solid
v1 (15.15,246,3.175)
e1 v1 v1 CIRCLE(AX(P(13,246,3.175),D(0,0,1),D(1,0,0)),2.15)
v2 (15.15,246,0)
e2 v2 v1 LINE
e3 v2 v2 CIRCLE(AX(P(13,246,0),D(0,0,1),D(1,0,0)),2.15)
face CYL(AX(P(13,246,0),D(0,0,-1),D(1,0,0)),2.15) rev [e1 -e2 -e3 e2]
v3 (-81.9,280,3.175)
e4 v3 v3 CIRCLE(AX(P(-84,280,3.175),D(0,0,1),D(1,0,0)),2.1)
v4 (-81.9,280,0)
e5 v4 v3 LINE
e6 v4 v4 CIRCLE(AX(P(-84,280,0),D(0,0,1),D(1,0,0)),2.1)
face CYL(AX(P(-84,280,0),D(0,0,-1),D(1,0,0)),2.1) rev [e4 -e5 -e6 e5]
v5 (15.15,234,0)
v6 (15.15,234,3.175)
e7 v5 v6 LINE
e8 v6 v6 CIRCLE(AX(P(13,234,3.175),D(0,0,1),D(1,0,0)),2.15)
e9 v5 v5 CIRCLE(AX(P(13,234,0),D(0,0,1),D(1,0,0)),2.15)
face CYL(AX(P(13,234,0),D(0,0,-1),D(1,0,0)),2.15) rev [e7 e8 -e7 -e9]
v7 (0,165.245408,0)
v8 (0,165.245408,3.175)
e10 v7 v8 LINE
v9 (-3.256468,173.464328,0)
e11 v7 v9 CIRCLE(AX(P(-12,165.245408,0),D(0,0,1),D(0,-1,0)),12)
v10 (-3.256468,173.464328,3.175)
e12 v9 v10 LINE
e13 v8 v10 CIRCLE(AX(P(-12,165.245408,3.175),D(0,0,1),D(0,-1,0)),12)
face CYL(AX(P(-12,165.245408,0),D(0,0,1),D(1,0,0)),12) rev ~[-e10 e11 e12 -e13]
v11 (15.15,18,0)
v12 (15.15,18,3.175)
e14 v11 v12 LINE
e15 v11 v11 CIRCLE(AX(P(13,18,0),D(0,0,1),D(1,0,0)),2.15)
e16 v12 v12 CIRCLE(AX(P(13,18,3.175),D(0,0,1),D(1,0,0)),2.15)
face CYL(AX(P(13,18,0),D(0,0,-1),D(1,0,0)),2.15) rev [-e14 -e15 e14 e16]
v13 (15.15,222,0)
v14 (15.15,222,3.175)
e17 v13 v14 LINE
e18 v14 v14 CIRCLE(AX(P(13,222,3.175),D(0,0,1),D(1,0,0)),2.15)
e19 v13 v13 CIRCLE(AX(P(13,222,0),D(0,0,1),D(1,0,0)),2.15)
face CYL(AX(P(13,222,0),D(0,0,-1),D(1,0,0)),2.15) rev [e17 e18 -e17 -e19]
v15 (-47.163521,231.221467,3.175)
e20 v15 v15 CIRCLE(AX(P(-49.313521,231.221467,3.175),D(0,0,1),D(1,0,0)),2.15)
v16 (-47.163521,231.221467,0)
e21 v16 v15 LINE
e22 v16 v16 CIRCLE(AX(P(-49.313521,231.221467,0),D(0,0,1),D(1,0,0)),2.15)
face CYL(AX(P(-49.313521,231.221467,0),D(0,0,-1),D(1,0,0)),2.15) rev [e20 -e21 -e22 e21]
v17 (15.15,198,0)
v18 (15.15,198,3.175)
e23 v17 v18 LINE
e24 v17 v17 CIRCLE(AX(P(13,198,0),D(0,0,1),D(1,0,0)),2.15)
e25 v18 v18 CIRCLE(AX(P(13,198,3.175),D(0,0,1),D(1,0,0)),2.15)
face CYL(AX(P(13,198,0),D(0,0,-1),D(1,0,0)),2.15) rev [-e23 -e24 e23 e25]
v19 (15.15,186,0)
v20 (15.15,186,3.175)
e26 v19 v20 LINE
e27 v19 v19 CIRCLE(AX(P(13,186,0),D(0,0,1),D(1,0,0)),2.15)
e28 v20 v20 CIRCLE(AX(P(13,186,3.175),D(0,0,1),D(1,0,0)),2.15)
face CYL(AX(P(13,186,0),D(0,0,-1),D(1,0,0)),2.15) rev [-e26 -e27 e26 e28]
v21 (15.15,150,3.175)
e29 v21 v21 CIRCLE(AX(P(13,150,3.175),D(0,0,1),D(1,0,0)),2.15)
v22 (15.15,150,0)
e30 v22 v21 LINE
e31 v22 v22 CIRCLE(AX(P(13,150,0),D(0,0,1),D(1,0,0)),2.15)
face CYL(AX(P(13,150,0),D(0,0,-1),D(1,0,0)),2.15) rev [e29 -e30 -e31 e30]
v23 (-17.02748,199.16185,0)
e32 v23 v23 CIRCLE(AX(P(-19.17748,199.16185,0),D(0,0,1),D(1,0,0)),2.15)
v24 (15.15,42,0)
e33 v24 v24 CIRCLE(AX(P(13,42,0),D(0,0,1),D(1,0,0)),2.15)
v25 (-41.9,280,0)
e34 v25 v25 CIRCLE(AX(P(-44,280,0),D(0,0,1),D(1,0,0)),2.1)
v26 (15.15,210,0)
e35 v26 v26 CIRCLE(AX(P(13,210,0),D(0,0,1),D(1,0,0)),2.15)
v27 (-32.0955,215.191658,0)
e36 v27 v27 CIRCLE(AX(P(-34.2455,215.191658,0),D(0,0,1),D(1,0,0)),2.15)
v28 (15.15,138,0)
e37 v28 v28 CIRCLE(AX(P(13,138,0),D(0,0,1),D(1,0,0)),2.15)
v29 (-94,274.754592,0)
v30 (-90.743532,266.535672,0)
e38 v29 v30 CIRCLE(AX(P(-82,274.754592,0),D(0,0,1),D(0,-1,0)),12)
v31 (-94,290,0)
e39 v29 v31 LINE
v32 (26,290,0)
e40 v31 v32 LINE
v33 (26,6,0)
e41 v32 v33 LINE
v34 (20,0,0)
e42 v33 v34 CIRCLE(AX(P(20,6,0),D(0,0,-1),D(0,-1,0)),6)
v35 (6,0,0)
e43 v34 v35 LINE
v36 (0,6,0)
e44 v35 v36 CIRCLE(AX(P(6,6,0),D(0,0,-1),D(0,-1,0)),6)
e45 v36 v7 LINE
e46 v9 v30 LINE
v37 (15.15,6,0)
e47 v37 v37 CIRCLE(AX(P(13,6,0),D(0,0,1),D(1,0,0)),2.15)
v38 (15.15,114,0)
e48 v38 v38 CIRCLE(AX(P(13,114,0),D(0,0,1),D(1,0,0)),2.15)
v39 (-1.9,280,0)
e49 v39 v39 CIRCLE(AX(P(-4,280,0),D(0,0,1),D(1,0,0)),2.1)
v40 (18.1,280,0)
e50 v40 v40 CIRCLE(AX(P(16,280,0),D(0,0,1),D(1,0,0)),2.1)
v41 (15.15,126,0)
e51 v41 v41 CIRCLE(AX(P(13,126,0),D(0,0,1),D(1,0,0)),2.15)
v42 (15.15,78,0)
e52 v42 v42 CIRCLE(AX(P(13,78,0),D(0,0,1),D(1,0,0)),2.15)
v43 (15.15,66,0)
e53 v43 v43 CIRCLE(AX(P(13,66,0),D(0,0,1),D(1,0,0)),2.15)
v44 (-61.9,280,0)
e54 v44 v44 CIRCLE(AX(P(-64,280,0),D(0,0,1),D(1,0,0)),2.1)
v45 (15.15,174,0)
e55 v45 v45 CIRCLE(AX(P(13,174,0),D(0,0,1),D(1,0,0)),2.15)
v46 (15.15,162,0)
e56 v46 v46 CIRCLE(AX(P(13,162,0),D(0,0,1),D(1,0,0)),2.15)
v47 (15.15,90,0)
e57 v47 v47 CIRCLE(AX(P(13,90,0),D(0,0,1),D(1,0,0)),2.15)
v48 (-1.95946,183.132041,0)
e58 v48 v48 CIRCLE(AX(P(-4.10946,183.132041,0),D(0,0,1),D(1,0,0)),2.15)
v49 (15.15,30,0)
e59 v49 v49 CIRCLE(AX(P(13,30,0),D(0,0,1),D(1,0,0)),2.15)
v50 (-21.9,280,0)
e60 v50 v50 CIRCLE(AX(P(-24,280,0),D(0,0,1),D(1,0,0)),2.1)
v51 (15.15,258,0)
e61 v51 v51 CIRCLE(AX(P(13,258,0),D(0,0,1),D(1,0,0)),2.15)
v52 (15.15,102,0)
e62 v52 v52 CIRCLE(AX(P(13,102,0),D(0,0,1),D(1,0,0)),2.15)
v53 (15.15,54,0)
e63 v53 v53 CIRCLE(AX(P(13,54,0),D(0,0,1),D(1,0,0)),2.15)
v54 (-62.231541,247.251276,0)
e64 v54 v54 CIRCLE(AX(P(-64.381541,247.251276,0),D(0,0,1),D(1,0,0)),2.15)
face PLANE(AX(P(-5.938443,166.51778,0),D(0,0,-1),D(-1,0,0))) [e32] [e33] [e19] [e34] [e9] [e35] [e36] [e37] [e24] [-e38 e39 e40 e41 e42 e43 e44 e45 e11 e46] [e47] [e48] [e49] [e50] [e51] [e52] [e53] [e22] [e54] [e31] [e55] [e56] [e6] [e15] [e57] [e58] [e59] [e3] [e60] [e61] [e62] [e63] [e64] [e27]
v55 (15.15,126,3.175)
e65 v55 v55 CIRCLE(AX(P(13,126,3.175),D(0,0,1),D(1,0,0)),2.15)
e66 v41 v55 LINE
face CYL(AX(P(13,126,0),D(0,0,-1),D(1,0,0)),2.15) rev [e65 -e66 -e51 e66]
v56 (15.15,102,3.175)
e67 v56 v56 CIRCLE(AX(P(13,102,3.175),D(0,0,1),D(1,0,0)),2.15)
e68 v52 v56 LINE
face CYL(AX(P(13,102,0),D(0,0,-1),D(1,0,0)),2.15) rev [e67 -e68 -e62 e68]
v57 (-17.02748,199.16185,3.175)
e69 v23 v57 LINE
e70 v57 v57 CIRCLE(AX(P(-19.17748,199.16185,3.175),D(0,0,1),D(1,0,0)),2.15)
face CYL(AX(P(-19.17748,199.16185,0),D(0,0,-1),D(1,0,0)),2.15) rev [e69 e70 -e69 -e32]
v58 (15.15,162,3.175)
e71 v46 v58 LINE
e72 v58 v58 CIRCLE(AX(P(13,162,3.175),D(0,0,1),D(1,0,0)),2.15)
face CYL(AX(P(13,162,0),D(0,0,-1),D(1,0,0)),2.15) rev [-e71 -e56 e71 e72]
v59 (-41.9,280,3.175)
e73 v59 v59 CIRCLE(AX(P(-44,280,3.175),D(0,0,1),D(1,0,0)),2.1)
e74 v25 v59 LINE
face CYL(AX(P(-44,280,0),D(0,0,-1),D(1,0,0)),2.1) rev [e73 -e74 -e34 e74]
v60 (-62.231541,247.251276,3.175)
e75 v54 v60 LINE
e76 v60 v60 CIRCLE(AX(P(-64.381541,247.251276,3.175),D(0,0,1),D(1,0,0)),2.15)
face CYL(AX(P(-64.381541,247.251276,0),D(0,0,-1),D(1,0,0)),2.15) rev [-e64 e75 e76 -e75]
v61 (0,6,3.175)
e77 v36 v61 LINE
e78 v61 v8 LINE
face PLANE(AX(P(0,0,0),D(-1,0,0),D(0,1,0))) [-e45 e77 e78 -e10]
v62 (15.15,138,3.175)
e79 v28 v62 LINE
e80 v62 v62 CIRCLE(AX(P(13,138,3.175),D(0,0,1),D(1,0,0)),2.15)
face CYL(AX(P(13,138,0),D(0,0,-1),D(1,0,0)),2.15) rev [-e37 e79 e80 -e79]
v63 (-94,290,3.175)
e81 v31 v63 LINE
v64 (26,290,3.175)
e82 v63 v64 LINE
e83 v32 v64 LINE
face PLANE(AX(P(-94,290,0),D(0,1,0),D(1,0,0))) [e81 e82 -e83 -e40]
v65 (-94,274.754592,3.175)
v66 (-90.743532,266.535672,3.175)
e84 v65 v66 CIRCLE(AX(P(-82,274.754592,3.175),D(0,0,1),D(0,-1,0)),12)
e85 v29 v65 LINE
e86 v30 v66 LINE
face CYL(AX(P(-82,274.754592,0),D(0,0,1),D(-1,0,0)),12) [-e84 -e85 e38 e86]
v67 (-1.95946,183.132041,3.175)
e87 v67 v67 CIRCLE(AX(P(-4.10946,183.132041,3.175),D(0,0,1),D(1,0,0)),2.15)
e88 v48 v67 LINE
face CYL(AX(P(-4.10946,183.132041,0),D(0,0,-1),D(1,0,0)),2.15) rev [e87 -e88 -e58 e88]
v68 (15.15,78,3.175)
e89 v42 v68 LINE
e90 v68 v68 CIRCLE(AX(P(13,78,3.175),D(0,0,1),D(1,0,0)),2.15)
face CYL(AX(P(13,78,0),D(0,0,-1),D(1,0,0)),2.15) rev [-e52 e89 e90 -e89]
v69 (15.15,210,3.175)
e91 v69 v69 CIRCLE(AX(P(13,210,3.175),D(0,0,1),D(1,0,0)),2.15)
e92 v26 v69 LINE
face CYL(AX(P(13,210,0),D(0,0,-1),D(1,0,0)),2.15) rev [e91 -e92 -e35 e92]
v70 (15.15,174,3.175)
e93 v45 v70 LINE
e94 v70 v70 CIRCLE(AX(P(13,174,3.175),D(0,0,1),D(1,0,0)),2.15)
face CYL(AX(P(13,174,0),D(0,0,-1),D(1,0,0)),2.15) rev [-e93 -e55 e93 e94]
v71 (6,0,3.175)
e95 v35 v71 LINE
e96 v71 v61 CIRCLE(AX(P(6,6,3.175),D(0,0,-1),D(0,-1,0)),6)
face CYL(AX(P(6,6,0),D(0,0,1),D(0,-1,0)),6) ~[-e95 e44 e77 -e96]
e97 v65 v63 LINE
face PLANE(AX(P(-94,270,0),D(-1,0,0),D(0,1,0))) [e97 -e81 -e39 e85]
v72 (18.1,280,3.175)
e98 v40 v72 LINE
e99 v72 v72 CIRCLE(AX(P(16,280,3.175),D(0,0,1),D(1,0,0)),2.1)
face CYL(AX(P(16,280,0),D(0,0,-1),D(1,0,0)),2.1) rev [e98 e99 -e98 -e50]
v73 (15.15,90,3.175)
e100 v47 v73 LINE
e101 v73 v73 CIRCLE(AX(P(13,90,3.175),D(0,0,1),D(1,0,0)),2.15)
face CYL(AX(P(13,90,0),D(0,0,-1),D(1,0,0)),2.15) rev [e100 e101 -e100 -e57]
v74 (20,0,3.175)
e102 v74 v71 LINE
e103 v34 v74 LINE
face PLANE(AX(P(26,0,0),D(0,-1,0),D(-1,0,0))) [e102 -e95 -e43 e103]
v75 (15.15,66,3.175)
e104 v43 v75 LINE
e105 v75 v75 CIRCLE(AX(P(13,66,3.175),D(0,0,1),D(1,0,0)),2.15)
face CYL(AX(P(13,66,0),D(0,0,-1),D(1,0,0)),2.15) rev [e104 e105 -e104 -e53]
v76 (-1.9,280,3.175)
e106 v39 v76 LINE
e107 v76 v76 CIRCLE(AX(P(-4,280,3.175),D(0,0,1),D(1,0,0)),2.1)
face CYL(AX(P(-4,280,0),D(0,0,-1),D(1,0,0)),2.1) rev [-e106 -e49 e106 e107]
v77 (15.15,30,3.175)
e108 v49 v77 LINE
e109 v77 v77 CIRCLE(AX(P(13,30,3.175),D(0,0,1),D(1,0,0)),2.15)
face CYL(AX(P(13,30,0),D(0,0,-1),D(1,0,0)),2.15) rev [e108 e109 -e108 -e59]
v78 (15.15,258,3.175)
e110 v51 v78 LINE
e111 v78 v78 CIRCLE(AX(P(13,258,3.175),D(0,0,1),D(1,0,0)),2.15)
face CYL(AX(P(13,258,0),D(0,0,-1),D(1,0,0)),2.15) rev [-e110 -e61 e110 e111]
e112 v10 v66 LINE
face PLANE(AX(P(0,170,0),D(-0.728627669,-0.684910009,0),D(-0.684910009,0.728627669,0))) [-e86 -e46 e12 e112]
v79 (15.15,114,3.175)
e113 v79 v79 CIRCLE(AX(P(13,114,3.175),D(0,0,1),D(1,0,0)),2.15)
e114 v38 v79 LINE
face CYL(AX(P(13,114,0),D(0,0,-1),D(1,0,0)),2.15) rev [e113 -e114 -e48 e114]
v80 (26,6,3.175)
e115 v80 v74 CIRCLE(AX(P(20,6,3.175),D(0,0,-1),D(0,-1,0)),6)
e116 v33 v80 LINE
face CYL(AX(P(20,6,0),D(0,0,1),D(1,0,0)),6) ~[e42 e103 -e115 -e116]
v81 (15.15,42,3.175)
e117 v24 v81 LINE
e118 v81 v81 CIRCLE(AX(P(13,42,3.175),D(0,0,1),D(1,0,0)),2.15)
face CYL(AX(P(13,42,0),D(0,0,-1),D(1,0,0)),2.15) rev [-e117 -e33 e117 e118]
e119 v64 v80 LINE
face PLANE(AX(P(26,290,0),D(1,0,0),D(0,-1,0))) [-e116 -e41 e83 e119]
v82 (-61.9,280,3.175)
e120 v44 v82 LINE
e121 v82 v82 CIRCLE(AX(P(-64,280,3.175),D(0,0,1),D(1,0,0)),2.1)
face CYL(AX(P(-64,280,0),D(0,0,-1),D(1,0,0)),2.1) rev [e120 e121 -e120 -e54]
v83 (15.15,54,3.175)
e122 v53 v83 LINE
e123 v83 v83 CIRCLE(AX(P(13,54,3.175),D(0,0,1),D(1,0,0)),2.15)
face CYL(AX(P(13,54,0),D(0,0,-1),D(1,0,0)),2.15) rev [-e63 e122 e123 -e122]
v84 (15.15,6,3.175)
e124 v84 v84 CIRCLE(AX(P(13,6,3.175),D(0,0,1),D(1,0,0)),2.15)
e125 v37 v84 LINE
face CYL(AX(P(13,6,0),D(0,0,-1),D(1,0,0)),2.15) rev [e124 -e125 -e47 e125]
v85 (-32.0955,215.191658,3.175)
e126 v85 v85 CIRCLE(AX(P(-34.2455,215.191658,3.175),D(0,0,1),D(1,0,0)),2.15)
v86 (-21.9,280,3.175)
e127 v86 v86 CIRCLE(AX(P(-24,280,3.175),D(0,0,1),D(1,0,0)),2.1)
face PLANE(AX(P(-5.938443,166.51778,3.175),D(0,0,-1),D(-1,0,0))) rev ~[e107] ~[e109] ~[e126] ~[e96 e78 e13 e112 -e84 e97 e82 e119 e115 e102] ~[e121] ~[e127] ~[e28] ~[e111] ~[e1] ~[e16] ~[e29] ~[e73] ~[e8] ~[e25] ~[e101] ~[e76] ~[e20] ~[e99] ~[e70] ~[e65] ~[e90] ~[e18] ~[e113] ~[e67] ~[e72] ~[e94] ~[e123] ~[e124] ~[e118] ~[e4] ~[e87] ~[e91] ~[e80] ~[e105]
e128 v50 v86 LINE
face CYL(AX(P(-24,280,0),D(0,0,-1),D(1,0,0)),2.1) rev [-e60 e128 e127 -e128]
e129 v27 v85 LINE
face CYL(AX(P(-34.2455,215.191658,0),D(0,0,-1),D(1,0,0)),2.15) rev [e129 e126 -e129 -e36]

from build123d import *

# Parameters (mm, degrees)
SKETCH1_R           = 2.15
SKETCH1_R_2         = 2.1
BOSS_EXTRUDE1_DEPTH = 3.175
FILLET2_R           = 12
FILLET3_R           = 6


with BuildPart() as part:
    # Sketch1 → Boss-Extrude1 (new body)
    with BuildSketch(Plane.XY):
        Polygon((26, 290), (26, 0), (0, 0), (0, 170), (-94, 270), (-94, 290), align=None)
        with Locations((13, 6)):
            Circle(SKETCH1_R, mode=Mode.SUBTRACT)
        with Locations((13, 18)):
            Circle(SKETCH1_R, mode=Mode.SUBTRACT)
        with Locations((13, 30)):
            Circle(SKETCH1_R, mode=Mode.SUBTRACT)
        with Locations((13, 42)):
            Circle(SKETCH1_R, mode=Mode.SUBTRACT)
        with Locations((13, 54)):
            Circle(SKETCH1_R, mode=Mode.SUBTRACT)
        with Locations((13, 66)):
            Circle(SKETCH1_R, mode=Mode.SUBTRACT)
        with Locations((13, 78)):
            Circle(SKETCH1_R, mode=Mode.SUBTRACT)
        with Locations((13, 90)):
            Circle(SKETCH1_R, mode=Mode.SUBTRACT)
        with Locations((13, 102)):
            Circle(SKETCH1_R, mode=Mode.SUBTRACT)
        with Locations((13, 114)):
            Circle(SKETCH1_R, mode=Mode.SUBTRACT)
        with Locations((13, 126)):
            Circle(SKETCH1_R, mode=Mode.SUBTRACT)
        with Locations((13, 138)):
            Circle(SKETCH1_R, mode=Mode.SUBTRACT)
        with Locations((13, 150)):
            Circle(SKETCH1_R, mode=Mode.SUBTRACT)
        with Locations((13, 162)):
            Circle(SKETCH1_R, mode=Mode.SUBTRACT)
        with Locations((13, 174)):
            Circle(SKETCH1_R, mode=Mode.SUBTRACT)
        with Locations((13, 186)):
            Circle(SKETCH1_R, mode=Mode.SUBTRACT)
        with Locations((13, 198)):
            Circle(SKETCH1_R, mode=Mode.SUBTRACT)
        with Locations((13, 210)):
            Circle(SKETCH1_R, mode=Mode.SUBTRACT)
        with Locations((16, 280)):
            Circle(SKETCH1_R_2, mode=Mode.SUBTRACT)
        with Locations((-4, 280)):
            Circle(SKETCH1_R_2, mode=Mode.SUBTRACT)
        with Locations((-24, 280)):
            Circle(SKETCH1_R_2, mode=Mode.SUBTRACT)
        with Locations((-44, 280)):
            Circle(SKETCH1_R_2, mode=Mode.SUBTRACT)
        with Locations((-64, 280)):
            Circle(SKETCH1_R_2, mode=Mode.SUBTRACT)
        with Locations((-4.109460053, 183.132040974)):
            Circle(SKETCH1_R, mode=Mode.SUBTRACT)
        with Locations((-19.177480246, 199.16184969)):
            Circle(SKETCH1_R, mode=Mode.SUBTRACT)
        with Locations((-34.245500438, 215.191658406)):
            Circle(SKETCH1_R, mode=Mode.SUBTRACT)
        with Locations((-49.313520631, 231.221467121)):
            Circle(SKETCH1_R, mode=Mode.SUBTRACT)
        with Locations((-64.381540824, 247.251275837)):
            Circle(SKETCH1_R, mode=Mode.SUBTRACT)
        with Locations((13, 222)):
            Circle(SKETCH1_R, mode=Mode.SUBTRACT)
        with Locations((13, 234)):
            Circle(SKETCH1_R, mode=Mode.SUBTRACT)
        with Locations((13, 246)):
            Circle(SKETCH1_R, mode=Mode.SUBTRACT)
        with Locations((13, 258)):
            Circle(SKETCH1_R, mode=Mode.SUBTRACT)
        with Locations((-84, 280)):
            Circle(SKETCH1_R_2, mode=Mode.SUBTRACT)
    extrude(amount=BOSS_EXTRUDE1_DEPTH)

    # Fillet2
    fillet2_edges = [part.edges().sort_by_distance(p)[0] for p in [
        (0, 170, 1.5875),
        (-94, 270, 1.5875),
    ]]
    fillet(fillet2_edges, radius=FILLET2_R)

    # Fillet3
    fillet3_edges = [part.edges().sort_by_distance(p)[0] for p in [
        (26, 0, 1.5875),
        (0, 0, 1.5875),
    ]]
    fillet(fillet3_edges, radius=FILLET3_R)


solid = part.part
